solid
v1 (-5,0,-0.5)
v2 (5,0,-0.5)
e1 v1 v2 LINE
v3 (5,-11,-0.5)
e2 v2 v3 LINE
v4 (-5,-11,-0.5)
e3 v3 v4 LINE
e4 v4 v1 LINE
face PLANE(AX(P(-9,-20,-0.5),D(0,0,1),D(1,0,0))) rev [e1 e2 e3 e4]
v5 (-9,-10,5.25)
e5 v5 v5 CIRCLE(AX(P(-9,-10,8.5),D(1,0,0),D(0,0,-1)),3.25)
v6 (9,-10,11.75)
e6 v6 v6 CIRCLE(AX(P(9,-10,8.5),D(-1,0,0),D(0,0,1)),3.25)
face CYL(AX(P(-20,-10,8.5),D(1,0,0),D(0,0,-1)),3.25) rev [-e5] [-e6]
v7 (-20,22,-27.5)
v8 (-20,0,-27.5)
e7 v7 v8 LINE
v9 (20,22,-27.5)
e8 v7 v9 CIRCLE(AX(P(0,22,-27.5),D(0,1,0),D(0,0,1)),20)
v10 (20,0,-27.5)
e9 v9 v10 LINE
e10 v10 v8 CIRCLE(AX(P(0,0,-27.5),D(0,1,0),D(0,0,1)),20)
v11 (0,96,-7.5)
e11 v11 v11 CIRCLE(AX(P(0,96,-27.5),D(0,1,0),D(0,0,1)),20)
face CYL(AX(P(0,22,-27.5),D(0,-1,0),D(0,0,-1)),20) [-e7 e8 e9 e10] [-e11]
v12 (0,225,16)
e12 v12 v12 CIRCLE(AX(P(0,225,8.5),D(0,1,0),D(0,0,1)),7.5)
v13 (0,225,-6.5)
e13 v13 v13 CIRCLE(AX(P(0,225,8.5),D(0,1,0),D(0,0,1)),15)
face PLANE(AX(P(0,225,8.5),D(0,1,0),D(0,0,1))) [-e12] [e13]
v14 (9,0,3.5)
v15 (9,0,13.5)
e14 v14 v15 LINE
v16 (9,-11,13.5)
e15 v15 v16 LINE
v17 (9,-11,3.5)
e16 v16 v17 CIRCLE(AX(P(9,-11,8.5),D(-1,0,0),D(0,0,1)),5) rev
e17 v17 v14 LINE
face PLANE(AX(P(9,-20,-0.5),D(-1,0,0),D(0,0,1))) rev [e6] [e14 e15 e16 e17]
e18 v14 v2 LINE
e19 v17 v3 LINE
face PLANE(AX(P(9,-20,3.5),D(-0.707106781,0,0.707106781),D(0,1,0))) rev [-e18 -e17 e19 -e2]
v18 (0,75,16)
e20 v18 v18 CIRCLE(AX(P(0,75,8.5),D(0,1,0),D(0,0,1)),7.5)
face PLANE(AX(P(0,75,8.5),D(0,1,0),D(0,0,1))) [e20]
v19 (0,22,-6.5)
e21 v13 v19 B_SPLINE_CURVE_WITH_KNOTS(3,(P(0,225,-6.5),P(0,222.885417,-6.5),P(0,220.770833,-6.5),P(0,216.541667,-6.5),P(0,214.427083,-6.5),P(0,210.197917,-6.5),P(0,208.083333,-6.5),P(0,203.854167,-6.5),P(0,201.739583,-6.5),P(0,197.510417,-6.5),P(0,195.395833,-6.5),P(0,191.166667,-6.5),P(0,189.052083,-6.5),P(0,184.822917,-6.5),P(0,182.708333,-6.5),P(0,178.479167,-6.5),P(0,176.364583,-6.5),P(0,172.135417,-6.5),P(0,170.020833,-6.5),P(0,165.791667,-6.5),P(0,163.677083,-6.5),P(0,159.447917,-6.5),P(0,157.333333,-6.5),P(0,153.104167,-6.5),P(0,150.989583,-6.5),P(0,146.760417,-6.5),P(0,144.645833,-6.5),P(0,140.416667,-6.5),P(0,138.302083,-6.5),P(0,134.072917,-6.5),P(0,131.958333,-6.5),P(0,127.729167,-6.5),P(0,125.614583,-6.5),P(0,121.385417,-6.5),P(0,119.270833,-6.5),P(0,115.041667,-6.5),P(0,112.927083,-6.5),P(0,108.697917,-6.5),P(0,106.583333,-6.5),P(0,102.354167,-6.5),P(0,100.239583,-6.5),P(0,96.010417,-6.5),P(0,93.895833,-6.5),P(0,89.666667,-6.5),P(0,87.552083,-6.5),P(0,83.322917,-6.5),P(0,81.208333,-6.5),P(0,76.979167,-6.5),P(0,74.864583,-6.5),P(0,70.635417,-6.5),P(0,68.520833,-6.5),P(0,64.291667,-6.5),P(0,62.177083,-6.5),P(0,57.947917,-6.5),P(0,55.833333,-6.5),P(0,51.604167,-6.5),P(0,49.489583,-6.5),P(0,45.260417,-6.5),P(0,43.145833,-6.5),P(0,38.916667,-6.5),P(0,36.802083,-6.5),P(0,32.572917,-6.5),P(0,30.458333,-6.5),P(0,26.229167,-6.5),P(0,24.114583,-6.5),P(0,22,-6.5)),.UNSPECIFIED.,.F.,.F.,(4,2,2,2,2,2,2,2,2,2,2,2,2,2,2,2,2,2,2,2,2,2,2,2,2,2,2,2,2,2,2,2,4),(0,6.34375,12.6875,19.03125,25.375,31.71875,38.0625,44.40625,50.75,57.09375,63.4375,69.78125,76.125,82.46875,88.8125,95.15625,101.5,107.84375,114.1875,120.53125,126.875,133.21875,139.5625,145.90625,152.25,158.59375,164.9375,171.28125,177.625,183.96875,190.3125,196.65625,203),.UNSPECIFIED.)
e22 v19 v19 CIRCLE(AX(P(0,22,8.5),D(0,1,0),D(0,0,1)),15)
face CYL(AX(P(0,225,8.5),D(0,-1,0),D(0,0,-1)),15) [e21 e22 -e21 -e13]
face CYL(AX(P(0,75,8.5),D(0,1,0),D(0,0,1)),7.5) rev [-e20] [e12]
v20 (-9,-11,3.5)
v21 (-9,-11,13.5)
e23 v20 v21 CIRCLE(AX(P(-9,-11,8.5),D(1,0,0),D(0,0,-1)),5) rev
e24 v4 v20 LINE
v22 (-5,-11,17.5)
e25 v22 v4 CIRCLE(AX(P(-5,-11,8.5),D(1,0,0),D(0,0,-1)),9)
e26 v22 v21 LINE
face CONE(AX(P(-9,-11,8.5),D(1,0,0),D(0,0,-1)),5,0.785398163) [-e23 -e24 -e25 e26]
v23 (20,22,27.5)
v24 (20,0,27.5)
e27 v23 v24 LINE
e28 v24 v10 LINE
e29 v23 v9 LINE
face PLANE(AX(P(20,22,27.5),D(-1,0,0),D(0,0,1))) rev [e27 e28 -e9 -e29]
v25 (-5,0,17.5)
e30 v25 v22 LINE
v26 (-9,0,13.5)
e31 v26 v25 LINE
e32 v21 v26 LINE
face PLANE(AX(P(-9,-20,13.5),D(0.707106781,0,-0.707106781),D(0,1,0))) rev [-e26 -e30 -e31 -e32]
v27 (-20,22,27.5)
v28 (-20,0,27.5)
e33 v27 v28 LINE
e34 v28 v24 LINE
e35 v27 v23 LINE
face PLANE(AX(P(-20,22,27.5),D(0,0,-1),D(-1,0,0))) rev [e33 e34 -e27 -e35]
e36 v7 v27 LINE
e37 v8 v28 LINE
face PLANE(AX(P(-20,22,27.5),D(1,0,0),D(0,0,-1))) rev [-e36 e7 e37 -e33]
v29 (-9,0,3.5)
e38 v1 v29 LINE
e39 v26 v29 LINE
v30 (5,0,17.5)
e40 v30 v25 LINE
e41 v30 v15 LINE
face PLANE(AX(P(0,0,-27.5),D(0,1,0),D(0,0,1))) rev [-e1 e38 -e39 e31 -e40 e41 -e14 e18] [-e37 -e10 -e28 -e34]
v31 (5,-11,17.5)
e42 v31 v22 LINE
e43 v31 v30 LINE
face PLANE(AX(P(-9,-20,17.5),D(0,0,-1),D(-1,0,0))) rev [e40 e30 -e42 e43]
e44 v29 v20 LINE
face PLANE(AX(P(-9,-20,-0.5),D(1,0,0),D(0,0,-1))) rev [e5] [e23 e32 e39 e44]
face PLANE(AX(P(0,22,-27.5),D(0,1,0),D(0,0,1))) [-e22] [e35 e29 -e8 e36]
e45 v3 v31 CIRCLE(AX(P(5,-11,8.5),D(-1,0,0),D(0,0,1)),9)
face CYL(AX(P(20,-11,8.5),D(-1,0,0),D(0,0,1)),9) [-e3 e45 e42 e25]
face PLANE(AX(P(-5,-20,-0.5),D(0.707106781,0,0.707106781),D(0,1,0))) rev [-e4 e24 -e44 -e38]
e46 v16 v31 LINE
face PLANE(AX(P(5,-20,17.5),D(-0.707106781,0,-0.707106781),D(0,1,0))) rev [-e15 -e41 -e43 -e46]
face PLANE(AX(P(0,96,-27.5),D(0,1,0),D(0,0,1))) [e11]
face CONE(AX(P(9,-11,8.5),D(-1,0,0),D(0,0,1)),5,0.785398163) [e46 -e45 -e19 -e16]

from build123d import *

# Parameters (mm, degrees)
EXTRUDE_1_DEPTH          = 22
SKETCH_2_R               = 20
EXTRUDE_2_DEPTH          = 74
SKETCH_3_R               = 15
EXTRUDE_3_DEPTH          = 203
SKETCH_4_R               = 7.5
CUT_EXTRUDE_1_DEPTH      = 150
SKETCH_5_W               = 18
SKETCH_5_H               = 18
EXTRUDE_4_DEPTH          = 20
CUT_EXTRUDE_2_DEPTH      = 232.780607472
CUT_EXTRUDE_2_DEPTH_BACK = 232.780607472
CUT_EXTRUDE_3_DEPTH      = 232.780607472
CUT_EXTRUDE_3_DEPTH_BACK = 232.780607472
CHAMFER_1_SIZE           = 4
CHAMFER_2_SIZE           = 4
CUT_EXTRUDE_4_DEPTH      = 232.780607472
CUT_EXTRUDE_4_DEPTH_BACK = 232.780607472
SKETCH_8_R               = 3.25


with BuildPart() as part:
    # 草图1 → 凸台-拉伸1 (new body)
    with BuildSketch(Plane(origin=(0, 0, 0), x_dir=(1, 0, 0), z_dir=(0, 1, 0))):
        with BuildLine():
            Line((-20, -27.5), (20, -27.5))
            Line((20, -27.5), (20, 27.5))
            ThreePointArc((20, 27.5), (0, 47.5), (-20, 27.5))
            Line((-20, 27.5), (-20, -27.5))
        make_face()
    extrude(amount=EXTRUDE_1_DEPTH)

    # 草图2 → 凸台-拉伸2 (add)
    with BuildSketch(Plane(origin=(0, 22, 0), x_dir=(1, 0, 0), z_dir=(0, 1, 0))):
        with Locations(Location((0, 27.5, 0), (0, 0, 180))):
            Circle(SKETCH_2_R)
    extrude(amount=EXTRUDE_2_DEPTH)

    # 草图3 → 凸台-拉伸3 (add)
    with BuildSketch(Plane(origin=(0, 22, 0), x_dir=(1, 0, 0), z_dir=(0, 1, 0))):
        with Locations(Location((0, -8.5, 0), (0, 0, 90))):
            Circle(SKETCH_3_R)
    extrude(amount=EXTRUDE_3_DEPTH)

    # 草图4 → 切除-拉伸1 (cut)
    with BuildSketch(Plane(origin=(0, 225, 0), x_dir=(1, 0, 0), z_dir=(0, 1, 0))):
        with Locations(Location((0, -8.5, 0), (0, 0, 270))):
            Circle(SKETCH_4_R)
    extrude(amount=-CUT_EXTRUDE_1_DEPTH, mode=Mode.SUBTRACT)

    # 草图5 → 凸台-拉伸4 (add)
    with BuildSketch(Plane.XZ):
        with Locations((0, 8.5)):
            Rectangle(SKETCH_5_W, SKETCH_5_H)
    extrude(amount=EXTRUDE_4_DEPTH)

    # 草图6 → 切除-拉伸2 (cut, two sides: drawn at the far end of the back side and taken through both)
    with BuildSketch(Plane.ZY.offset(9).offset(-CUT_EXTRUDE_2_DEPTH_BACK)):
        with BuildLine():
            Line((8.5, -20), (-0.5, -20))
            Line((-0.5, -20), (-0.5, -11))
            ThreePointArc((-0.5, -11), (2.136038969, -17.363961031), (8.5, -20))
        make_face()
    extrude(amount=CUT_EXTRUDE_2_DEPTH + CUT_EXTRUDE_2_DEPTH_BACK, mode=Mode.SUBTRACT)

    # 草图7 → 切除-拉伸3 (cut, two sides: drawn at the far end of the back side and taken through both)
    with BuildSketch(Plane.ZY.offset(9).offset(-CUT_EXTRUDE_3_DEPTH_BACK)):
        with BuildLine():
            Line((8.5, -20), (17.5, -20))
            Line((17.5, -20), (17.5, -11))
            ThreePointArc((17.5, -11), (14.863961031, -17.363961031), (8.5, -20))
        make_face()
    extrude(amount=CUT_EXTRUDE_3_DEPTH + CUT_EXTRUDE_3_DEPTH_BACK, mode=Mode.SUBTRACT)

    # 倒角1
    chamfer_1_edges = [part.edges().sort_by_distance(p)[0] for p in [
        (-9, -5.5, -0.5),
        (-9, -20, 8.5),
        (-9, -5.5, 17.5),
    ]]
    chamfer(chamfer_1_edges, length=CHAMFER_1_SIZE)

    # 倒角2
    chamfer_2_edges = [part.edges().sort_by_distance(p)[0] for p in [
        (9, -5.5, -0.5),
        (9, -20, 8.5),
        (9, -5.5, 17.5),
    ]]
    chamfer(chamfer_2_edges, length=CHAMFER_2_SIZE)

    # 草图8 → 切除-拉伸4 (cut, two sides: drawn at the far end of the back side and taken through both)
    with BuildSketch(Plane(origin=(9, 0, 0), x_dir=(0, 0, -1), z_dir=(1, 0, 0)).offset(-CUT_EXTRUDE_4_DEPTH_BACK)):
        with Locations((-8.5, -10)):
            Circle(SKETCH_8_R)
    extrude(amount=CUT_EXTRUDE_4_DEPTH + CUT_EXTRUDE_4_DEPTH_BACK, mode=Mode.SUBTRACT)


solid = part.part
